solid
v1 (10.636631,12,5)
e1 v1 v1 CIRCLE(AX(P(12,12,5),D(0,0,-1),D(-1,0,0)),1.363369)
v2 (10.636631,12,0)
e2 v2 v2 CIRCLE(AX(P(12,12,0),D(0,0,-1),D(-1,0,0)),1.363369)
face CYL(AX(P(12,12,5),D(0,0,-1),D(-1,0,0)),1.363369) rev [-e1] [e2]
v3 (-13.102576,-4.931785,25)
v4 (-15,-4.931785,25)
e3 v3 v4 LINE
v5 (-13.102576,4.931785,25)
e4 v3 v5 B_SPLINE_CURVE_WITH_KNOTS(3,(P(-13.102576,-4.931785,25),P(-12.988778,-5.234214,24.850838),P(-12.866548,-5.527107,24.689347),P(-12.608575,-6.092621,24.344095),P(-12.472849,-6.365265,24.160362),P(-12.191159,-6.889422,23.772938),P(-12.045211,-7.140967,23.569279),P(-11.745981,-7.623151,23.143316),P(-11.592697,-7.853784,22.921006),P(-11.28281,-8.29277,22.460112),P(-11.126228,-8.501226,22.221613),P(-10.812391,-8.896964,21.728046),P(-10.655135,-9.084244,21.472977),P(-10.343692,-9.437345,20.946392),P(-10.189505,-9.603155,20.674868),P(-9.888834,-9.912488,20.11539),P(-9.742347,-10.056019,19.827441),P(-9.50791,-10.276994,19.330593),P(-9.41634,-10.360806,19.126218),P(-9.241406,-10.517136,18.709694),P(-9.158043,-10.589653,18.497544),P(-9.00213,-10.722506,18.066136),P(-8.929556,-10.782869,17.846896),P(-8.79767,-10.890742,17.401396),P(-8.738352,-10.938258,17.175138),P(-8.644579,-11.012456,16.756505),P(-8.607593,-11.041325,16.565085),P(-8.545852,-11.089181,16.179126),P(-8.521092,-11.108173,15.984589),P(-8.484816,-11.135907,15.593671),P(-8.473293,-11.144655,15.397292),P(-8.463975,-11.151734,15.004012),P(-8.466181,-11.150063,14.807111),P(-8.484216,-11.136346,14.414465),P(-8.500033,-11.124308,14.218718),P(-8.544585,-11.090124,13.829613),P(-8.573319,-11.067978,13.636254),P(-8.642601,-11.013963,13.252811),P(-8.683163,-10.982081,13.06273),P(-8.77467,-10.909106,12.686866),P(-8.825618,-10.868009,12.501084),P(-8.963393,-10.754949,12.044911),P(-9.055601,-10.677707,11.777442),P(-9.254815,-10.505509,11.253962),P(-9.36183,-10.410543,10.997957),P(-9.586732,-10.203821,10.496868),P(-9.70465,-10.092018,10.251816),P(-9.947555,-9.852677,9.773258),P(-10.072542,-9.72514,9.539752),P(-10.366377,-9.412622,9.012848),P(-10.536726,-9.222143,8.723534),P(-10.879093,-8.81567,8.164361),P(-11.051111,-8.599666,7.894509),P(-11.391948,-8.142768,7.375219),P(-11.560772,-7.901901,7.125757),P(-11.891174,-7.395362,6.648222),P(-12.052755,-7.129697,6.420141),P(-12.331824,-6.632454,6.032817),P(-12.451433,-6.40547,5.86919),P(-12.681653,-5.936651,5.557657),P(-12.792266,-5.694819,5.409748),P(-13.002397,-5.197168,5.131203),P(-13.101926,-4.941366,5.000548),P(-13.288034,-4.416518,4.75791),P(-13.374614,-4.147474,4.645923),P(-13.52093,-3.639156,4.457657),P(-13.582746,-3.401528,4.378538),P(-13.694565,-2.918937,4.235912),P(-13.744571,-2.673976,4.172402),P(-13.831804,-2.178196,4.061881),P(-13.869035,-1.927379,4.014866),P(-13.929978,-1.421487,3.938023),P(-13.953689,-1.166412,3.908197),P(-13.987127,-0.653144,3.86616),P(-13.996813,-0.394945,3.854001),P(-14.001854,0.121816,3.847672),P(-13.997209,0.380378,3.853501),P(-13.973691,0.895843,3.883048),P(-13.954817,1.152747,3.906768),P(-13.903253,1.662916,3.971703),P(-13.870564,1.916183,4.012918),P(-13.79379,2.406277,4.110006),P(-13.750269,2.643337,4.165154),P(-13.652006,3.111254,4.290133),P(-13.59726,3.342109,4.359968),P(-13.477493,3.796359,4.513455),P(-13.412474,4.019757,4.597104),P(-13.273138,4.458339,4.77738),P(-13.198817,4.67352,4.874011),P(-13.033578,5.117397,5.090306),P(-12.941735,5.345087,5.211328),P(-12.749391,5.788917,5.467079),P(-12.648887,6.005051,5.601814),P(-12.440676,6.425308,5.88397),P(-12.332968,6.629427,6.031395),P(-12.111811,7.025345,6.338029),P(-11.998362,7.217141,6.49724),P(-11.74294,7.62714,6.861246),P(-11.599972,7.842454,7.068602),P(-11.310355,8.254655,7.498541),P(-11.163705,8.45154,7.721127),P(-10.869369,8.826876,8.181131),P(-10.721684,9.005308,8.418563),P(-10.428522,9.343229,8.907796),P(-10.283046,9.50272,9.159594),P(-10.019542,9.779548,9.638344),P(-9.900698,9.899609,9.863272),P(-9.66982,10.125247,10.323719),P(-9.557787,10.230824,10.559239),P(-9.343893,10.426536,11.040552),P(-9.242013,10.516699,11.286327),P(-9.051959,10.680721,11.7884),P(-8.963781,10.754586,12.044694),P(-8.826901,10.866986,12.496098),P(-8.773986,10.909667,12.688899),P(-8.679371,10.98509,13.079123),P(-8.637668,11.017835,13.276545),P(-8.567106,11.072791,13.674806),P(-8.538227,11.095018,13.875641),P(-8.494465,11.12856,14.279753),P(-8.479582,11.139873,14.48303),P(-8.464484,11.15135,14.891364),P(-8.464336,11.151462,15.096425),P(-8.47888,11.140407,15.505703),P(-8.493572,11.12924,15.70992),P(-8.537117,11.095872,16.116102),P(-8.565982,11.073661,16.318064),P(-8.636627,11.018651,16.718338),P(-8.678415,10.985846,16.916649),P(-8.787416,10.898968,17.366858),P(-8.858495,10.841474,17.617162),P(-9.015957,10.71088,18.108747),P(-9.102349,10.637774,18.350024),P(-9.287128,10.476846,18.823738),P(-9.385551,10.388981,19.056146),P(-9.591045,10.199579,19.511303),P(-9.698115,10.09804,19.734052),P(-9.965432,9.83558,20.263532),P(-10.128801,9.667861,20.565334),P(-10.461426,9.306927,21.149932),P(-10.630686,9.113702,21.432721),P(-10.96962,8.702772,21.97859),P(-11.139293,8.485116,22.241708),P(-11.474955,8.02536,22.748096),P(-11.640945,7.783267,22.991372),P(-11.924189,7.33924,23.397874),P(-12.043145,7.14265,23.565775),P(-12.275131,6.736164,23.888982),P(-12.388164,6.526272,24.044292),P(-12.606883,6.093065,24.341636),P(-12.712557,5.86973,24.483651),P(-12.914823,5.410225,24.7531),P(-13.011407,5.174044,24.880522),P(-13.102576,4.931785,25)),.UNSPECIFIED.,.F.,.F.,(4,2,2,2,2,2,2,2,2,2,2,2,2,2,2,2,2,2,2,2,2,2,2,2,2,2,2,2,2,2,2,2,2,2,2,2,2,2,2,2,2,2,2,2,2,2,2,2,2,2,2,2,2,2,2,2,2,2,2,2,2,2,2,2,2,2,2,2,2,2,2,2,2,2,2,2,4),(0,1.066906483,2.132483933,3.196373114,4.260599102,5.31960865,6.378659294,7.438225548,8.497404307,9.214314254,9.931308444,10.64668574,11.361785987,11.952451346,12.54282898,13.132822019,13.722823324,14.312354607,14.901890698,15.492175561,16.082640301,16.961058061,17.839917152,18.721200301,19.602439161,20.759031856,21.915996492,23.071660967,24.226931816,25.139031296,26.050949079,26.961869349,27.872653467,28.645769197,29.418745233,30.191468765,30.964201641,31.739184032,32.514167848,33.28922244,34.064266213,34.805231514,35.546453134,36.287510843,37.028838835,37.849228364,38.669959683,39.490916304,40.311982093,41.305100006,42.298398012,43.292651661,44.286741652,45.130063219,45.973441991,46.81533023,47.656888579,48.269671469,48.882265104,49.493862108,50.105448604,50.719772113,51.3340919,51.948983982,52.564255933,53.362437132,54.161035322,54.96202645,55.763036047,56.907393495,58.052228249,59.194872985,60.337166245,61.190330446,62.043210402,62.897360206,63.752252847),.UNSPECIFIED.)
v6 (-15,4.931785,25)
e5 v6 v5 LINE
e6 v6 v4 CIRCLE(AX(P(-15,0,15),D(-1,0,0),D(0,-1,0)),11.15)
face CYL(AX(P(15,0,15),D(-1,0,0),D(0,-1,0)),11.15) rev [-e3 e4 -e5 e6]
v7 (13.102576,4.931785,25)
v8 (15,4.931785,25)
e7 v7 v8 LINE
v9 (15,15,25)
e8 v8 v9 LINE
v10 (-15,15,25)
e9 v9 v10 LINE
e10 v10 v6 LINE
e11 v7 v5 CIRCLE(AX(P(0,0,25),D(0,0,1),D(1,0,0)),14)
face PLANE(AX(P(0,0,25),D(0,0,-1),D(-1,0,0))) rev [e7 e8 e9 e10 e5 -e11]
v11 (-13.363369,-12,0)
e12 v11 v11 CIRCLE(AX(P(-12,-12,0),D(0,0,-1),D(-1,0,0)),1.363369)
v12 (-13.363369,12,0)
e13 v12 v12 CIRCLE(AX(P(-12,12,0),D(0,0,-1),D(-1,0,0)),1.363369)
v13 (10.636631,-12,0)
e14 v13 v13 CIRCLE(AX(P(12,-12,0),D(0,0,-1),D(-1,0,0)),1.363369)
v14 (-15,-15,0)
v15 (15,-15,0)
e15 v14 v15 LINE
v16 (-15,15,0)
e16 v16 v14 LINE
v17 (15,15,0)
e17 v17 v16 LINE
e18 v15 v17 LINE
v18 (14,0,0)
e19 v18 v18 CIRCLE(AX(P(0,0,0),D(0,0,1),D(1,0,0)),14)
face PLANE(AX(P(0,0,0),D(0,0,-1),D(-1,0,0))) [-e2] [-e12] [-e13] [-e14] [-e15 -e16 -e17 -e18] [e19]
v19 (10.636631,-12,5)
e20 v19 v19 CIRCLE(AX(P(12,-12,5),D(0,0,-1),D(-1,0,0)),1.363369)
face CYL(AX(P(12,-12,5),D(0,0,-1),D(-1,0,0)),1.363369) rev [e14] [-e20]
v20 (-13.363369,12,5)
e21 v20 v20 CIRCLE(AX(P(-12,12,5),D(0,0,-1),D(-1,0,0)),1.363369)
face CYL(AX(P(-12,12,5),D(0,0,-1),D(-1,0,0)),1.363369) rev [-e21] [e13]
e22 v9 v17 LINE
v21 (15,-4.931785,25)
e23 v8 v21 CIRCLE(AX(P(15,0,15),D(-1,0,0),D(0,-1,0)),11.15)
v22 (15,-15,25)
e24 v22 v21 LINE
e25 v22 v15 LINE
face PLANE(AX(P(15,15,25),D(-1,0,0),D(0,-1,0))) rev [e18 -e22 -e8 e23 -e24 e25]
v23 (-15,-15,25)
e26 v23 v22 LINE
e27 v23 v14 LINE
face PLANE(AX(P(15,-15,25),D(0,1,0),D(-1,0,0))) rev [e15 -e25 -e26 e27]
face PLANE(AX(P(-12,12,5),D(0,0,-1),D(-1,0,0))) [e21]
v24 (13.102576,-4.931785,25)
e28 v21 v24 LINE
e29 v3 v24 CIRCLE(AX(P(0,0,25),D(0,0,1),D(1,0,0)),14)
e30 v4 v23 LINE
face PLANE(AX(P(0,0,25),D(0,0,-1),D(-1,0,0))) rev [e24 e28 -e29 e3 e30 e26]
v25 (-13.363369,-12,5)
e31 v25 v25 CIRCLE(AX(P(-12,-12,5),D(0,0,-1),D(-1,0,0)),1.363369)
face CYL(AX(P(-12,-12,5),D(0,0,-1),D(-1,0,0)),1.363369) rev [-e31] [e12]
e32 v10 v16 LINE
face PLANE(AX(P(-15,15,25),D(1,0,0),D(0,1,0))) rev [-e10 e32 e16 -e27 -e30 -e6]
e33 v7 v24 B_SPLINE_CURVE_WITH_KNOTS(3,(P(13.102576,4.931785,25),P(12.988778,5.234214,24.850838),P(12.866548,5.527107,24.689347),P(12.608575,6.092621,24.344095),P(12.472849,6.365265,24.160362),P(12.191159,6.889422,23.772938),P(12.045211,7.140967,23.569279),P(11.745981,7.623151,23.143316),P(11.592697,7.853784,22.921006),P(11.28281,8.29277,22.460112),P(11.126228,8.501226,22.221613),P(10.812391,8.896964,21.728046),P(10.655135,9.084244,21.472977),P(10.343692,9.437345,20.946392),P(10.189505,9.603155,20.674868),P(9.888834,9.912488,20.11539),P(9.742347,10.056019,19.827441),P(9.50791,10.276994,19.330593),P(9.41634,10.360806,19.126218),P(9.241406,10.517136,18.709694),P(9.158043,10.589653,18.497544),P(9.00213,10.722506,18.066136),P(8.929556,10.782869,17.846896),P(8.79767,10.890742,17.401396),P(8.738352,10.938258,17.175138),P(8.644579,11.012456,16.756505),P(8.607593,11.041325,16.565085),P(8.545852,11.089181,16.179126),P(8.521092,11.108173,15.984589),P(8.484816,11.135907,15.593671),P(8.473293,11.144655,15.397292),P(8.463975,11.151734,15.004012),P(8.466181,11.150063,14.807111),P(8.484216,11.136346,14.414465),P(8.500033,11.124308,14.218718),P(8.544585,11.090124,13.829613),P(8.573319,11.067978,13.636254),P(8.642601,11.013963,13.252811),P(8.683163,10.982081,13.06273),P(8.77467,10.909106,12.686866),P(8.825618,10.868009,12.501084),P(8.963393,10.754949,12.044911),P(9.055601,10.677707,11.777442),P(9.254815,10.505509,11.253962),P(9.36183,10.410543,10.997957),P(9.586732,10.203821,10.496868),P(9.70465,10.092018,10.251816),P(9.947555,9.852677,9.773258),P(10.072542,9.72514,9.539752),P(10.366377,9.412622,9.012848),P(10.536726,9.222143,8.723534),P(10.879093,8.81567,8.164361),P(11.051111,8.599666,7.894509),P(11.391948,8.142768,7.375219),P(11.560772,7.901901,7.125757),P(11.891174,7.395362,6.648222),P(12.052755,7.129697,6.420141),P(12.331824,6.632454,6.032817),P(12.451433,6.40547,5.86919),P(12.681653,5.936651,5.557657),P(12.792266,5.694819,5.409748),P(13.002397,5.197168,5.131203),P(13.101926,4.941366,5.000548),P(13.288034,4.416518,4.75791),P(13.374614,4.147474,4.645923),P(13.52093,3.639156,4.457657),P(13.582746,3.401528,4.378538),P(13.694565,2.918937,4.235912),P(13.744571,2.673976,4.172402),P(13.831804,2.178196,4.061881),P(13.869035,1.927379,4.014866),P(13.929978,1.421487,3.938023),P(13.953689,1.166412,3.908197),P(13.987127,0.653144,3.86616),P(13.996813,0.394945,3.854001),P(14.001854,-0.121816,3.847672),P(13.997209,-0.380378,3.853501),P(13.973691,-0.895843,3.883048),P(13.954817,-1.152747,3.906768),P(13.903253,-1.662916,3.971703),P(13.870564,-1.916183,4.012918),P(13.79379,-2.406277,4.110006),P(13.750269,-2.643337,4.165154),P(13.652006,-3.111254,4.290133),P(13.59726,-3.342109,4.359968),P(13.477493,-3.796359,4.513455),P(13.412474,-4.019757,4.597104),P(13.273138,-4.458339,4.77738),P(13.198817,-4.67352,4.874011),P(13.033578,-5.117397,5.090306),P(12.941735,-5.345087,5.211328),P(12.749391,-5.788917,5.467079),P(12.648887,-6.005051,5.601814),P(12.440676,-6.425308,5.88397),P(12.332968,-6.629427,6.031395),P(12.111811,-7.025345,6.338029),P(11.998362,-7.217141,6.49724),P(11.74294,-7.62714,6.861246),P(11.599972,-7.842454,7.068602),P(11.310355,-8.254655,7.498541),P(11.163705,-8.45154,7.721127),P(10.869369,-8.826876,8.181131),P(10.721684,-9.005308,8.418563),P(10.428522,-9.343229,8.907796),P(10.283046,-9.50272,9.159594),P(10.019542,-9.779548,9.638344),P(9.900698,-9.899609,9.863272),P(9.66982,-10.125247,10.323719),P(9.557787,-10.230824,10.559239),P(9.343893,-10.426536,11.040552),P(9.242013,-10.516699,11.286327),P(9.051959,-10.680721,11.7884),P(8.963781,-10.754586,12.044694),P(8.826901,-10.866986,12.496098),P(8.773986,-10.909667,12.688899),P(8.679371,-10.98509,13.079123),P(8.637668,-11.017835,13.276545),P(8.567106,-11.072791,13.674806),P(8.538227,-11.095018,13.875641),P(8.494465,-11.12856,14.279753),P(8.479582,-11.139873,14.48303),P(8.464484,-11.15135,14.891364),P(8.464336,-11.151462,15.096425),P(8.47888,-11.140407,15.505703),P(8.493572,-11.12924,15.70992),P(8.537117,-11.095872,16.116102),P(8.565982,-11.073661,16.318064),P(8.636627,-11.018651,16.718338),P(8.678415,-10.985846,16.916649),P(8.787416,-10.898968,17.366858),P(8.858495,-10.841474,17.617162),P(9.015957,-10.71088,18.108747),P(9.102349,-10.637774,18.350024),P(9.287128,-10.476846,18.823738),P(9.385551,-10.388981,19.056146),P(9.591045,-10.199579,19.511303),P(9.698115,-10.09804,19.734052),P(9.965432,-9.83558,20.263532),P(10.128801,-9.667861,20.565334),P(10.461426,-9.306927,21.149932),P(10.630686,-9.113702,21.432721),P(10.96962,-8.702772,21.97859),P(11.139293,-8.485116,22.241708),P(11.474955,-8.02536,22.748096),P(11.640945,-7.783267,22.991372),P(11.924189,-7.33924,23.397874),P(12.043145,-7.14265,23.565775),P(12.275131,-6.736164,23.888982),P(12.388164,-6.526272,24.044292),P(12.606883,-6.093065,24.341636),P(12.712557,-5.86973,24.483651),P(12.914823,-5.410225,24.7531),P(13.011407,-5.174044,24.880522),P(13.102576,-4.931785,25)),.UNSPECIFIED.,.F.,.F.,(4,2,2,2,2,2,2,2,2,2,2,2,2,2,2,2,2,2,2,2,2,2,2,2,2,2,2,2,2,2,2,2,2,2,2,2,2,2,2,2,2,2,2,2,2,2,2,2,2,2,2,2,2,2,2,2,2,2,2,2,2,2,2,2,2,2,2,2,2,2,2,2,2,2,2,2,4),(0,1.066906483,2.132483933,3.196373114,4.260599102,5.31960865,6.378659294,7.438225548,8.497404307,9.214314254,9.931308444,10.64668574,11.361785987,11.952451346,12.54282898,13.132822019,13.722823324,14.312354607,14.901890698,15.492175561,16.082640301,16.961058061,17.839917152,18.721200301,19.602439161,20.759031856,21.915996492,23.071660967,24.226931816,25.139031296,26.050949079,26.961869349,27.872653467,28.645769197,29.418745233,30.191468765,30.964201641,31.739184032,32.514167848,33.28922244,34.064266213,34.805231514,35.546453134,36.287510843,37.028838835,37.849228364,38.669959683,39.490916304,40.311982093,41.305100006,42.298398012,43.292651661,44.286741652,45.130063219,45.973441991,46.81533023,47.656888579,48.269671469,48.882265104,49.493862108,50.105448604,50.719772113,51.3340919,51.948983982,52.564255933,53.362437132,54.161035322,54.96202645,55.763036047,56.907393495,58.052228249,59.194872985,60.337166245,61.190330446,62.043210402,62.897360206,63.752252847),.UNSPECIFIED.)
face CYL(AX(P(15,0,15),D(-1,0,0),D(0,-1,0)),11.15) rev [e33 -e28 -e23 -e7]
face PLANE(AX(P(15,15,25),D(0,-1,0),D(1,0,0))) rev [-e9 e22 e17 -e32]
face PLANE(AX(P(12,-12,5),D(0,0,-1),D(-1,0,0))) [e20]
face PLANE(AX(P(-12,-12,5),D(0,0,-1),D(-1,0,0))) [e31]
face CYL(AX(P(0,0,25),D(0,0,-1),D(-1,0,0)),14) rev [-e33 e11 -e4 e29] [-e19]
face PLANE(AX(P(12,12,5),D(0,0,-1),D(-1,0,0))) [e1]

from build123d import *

# Parameters (mm, degrees)
SKETCH_1_W          = 30
SKETCH_1_H          = 30
SKETCH_1_R          = 14
EXTRUDE_1_DEPTH     = 25
SKETCH_2_R          = 11.15
CUT_EXTRUDE_1_DEPTH = 42.833001327
SKETCH_3_R          = 1.363368529
CUT_EXTRUDE_2_DEPTH = 5


with BuildPart() as part:
    # 草图1 → 凸台-拉伸1 (new body)
    with BuildSketch(Plane.XY):
        Rectangle(SKETCH_1_W, SKETCH_1_H)
        Circle(SKETCH_1_R, mode=Mode.SUBTRACT)
    extrude(amount=EXTRUDE_1_DEPTH)

    # 草图2 → 切除-拉伸1 (cut, through all)
    with BuildSketch(Plane.ZY.offset(15)):
        with Locations((15, 0)):
            Circle(SKETCH_2_R)
    extrude(amount=-CUT_EXTRUDE_1_DEPTH, mode=Mode.SUBTRACT)

    # 草图3 → 切除-拉伸2 (cut)
    with BuildSketch(Plane(origin=(0, 0, 0), x_dir=(-1, 0, 0), z_dir=(0, 0, -1))):
        with Locations((12, 12)):
            Circle(SKETCH_3_R)
        with Locations((12, -12)):
            Circle(SKETCH_3_R)
        with Locations((-12, -12)):
            Circle(SKETCH_3_R)
        with Locations((-12, 12)):
            Circle(SKETCH_3_R)
    extrude(amount=-CUT_EXTRUDE_2_DEPTH, mode=Mode.SUBTRACT)


solid = part.part
